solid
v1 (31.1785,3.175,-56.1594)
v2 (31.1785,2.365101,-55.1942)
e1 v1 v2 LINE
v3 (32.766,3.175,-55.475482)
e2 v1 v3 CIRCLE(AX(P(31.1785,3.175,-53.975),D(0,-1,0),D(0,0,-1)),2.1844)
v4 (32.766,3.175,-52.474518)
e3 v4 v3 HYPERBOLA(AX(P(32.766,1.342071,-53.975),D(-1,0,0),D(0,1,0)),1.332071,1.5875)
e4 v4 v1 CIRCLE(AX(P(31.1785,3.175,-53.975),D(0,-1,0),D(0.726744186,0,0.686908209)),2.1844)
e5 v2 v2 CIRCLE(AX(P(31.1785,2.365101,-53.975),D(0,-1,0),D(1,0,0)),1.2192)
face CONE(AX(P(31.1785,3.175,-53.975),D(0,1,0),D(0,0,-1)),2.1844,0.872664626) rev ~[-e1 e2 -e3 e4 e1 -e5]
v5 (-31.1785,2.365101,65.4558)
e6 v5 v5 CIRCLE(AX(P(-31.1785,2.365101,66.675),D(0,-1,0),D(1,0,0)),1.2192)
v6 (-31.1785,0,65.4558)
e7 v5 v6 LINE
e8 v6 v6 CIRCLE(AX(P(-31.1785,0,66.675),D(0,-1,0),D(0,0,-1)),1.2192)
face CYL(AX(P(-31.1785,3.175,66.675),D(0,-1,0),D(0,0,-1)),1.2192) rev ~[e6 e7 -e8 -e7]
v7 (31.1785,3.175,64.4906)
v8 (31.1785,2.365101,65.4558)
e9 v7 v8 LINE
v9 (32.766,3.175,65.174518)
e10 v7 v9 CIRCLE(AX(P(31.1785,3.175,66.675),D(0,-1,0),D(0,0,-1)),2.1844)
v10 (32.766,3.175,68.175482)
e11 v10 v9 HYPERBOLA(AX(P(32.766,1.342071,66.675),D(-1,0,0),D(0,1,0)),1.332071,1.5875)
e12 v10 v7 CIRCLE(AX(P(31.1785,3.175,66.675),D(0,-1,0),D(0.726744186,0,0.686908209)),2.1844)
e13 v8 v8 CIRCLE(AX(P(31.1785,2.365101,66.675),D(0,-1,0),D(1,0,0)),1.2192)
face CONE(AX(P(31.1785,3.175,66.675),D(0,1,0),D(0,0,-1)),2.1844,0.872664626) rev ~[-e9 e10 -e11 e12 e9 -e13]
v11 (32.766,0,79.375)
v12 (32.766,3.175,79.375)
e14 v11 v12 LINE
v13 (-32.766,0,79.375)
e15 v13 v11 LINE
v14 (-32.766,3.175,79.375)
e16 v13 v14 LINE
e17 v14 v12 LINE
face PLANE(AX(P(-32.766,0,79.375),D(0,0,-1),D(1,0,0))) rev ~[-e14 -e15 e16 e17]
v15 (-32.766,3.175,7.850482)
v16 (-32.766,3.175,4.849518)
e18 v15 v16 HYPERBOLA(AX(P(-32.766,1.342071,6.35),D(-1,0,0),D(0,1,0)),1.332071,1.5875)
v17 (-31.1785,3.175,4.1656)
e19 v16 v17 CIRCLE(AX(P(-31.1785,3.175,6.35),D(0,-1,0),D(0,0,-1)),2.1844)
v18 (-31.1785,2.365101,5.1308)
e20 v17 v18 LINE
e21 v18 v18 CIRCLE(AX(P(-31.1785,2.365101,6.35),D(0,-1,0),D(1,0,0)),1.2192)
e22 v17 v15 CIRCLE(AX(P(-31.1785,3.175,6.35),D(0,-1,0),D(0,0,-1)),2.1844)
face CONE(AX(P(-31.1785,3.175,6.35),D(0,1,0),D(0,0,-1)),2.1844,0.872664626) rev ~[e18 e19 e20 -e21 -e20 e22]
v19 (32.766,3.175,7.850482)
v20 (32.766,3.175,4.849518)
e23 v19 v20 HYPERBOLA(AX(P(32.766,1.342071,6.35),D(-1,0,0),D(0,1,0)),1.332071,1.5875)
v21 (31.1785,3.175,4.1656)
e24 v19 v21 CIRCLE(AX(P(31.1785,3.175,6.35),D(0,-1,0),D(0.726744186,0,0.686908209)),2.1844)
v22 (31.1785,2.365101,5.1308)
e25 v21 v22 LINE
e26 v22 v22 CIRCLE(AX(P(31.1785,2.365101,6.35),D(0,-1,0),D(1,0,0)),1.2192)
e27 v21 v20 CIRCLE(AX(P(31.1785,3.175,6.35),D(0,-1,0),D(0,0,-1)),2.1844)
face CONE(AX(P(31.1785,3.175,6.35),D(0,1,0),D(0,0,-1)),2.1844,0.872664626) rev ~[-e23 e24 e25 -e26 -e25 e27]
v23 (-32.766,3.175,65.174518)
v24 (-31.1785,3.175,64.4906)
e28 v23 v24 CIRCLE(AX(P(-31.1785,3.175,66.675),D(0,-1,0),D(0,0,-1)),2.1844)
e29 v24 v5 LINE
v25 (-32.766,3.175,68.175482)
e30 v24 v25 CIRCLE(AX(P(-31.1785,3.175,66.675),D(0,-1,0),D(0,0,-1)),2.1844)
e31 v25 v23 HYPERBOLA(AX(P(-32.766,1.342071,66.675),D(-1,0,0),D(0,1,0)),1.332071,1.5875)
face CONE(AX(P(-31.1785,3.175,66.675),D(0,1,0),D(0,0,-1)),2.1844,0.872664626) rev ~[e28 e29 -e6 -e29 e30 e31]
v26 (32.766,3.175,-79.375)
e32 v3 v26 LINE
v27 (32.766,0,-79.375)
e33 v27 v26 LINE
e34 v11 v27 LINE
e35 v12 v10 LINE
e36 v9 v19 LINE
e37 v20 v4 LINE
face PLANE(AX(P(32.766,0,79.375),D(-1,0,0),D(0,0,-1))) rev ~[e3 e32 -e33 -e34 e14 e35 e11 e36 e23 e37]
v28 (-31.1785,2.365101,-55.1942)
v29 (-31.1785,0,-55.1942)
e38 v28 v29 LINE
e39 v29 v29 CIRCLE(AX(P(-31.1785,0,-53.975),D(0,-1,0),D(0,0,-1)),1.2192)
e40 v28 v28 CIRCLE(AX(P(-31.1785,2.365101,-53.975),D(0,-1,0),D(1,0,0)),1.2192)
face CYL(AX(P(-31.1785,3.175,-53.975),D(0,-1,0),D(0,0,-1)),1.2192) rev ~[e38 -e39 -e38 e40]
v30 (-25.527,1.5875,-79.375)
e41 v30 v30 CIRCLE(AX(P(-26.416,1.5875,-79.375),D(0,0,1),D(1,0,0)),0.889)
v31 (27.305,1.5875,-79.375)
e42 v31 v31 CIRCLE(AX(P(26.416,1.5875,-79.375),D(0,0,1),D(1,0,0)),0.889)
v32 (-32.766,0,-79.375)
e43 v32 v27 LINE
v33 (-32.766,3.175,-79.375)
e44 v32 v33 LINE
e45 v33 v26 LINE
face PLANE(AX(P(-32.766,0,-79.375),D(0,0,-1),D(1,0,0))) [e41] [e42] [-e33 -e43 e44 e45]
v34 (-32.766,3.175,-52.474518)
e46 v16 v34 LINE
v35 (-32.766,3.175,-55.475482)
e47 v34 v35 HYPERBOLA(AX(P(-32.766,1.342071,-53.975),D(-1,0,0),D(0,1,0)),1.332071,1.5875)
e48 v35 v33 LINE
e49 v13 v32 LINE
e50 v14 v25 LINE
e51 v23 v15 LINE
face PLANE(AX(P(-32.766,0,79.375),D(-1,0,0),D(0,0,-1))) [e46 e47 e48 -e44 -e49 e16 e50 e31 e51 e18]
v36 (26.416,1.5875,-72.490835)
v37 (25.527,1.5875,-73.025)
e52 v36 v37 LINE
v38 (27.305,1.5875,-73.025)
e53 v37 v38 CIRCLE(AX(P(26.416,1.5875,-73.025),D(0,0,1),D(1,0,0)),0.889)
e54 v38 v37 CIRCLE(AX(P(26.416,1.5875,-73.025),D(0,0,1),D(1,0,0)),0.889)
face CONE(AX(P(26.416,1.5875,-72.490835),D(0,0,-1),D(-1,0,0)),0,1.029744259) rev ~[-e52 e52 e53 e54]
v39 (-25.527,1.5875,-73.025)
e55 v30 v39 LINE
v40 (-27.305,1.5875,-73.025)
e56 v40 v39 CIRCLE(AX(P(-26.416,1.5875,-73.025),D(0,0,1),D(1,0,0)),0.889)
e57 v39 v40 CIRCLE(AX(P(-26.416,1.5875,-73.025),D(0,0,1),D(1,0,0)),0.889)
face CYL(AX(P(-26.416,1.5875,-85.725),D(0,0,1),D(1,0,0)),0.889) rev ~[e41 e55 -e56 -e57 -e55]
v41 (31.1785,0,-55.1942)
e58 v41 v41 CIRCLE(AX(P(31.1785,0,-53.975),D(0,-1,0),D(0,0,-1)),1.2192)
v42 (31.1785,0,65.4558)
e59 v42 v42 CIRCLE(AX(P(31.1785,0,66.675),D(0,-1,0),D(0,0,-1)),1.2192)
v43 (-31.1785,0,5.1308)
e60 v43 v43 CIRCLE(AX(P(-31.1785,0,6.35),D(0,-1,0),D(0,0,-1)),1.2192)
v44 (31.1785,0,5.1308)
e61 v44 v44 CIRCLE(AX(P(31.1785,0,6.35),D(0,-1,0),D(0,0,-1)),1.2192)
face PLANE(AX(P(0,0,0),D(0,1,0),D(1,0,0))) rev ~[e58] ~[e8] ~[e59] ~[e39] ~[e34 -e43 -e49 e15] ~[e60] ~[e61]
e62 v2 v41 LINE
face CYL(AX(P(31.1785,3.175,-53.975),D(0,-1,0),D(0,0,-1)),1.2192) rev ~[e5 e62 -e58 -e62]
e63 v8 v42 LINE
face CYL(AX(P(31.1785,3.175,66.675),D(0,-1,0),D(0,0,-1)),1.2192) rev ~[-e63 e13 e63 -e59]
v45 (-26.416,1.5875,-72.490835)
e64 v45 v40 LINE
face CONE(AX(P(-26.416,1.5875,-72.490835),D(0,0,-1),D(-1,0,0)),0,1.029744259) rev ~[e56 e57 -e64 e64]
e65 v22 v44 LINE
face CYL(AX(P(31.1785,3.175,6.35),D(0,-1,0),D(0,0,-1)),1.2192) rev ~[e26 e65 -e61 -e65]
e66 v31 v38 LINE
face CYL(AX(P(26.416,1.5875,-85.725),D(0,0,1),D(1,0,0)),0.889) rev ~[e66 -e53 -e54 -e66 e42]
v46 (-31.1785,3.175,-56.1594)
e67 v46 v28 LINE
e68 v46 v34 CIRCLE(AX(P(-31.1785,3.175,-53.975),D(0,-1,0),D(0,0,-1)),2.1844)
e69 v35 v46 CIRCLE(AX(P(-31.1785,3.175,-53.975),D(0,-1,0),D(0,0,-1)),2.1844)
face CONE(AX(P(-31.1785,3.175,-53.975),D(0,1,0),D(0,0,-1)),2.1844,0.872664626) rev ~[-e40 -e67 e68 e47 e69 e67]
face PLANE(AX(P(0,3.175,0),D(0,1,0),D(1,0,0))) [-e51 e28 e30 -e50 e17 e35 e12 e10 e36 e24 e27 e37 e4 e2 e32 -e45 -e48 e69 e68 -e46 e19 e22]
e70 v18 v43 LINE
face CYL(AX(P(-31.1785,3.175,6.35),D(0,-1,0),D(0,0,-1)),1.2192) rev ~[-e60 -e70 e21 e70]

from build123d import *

# Parameters (mm, degrees)
SKETCH1_W                                         = 65.532
SKETCH1_H                                         = 158.75
EXTRUDE1_DEPTH                                    = 3.175
CSK_FOR_2_FLAT_HEAD_MACHINE_SCREW_100_D           = 2.4384
CSK_FOR_2_FLAT_HEAD_MACHINE_SCREW_100_CSINK_D     = 4.3688
CSK_FOR_2_FLAT_HEAD_MACHINE_SCREW_100_CSINK_ANGLE = 100
TAP_DRILL_FOR_2_TAP1_D                            = 1.778
TAP_DRILL_FOR_2_TAP1_DEPTH                        = 6.35
TAP_DRILL_FOR_2_TAP1_TIP                          = 0.53416509


with BuildPart() as part:
    # Sketch1 → Extrude1 (new body)
    with BuildSketch(Plane(origin=(0, 0, 0), x_dir=(1, 0, 0), z_dir=(0, 1, 0))):
        Rectangle(SKETCH1_W, SKETCH1_H)
    extrude(amount=EXTRUDE1_DEPTH)

    # CSK for #2 Flat Head Machine Screw (100)1 (through all)
    with Locations(Plane(origin=(-31.1785, 3.175, -53.975), x_dir=(0, 0, 1), z_dir=(0, 1, 0))):
        with Locations((0, 0), (120.65, 0), (60.325, 0), (0, 62.357), (60.325, 62.357), (120.65, 62.357)):
            CounterSinkHole(CSK_FOR_2_FLAT_HEAD_MACHINE_SCREW_100_D / 2, CSK_FOR_2_FLAT_HEAD_MACHINE_SCREW_100_CSINK_D / 2, counter_sink_angle=CSK_FOR_2_FLAT_HEAD_MACHINE_SCREW_100_CSINK_ANGLE)

    # Tap Drill for #2 Tap1
    with Locations(Plane(origin=(-26.416, 1.5875, -79.375), x_dir=(-1, 0, 0), z_dir=(0, 0, -1))):
        with Locations((0, 0), (-52.832, 0)):
            Hole(TAP_DRILL_FOR_2_TAP1_D / 2, depth=TAP_DRILL_FOR_2_TAP1_DEPTH)
            with Locations((0, 0, -(TAP_DRILL_FOR_2_TAP1_DEPTH + TAP_DRILL_FOR_2_TAP1_TIP / 2))):  # 118° drill point
                Cone(0, TAP_DRILL_FOR_2_TAP1_D / 2, TAP_DRILL_FOR_2_TAP1_TIP, mode=Mode.SUBTRACT)


solid = part.part
